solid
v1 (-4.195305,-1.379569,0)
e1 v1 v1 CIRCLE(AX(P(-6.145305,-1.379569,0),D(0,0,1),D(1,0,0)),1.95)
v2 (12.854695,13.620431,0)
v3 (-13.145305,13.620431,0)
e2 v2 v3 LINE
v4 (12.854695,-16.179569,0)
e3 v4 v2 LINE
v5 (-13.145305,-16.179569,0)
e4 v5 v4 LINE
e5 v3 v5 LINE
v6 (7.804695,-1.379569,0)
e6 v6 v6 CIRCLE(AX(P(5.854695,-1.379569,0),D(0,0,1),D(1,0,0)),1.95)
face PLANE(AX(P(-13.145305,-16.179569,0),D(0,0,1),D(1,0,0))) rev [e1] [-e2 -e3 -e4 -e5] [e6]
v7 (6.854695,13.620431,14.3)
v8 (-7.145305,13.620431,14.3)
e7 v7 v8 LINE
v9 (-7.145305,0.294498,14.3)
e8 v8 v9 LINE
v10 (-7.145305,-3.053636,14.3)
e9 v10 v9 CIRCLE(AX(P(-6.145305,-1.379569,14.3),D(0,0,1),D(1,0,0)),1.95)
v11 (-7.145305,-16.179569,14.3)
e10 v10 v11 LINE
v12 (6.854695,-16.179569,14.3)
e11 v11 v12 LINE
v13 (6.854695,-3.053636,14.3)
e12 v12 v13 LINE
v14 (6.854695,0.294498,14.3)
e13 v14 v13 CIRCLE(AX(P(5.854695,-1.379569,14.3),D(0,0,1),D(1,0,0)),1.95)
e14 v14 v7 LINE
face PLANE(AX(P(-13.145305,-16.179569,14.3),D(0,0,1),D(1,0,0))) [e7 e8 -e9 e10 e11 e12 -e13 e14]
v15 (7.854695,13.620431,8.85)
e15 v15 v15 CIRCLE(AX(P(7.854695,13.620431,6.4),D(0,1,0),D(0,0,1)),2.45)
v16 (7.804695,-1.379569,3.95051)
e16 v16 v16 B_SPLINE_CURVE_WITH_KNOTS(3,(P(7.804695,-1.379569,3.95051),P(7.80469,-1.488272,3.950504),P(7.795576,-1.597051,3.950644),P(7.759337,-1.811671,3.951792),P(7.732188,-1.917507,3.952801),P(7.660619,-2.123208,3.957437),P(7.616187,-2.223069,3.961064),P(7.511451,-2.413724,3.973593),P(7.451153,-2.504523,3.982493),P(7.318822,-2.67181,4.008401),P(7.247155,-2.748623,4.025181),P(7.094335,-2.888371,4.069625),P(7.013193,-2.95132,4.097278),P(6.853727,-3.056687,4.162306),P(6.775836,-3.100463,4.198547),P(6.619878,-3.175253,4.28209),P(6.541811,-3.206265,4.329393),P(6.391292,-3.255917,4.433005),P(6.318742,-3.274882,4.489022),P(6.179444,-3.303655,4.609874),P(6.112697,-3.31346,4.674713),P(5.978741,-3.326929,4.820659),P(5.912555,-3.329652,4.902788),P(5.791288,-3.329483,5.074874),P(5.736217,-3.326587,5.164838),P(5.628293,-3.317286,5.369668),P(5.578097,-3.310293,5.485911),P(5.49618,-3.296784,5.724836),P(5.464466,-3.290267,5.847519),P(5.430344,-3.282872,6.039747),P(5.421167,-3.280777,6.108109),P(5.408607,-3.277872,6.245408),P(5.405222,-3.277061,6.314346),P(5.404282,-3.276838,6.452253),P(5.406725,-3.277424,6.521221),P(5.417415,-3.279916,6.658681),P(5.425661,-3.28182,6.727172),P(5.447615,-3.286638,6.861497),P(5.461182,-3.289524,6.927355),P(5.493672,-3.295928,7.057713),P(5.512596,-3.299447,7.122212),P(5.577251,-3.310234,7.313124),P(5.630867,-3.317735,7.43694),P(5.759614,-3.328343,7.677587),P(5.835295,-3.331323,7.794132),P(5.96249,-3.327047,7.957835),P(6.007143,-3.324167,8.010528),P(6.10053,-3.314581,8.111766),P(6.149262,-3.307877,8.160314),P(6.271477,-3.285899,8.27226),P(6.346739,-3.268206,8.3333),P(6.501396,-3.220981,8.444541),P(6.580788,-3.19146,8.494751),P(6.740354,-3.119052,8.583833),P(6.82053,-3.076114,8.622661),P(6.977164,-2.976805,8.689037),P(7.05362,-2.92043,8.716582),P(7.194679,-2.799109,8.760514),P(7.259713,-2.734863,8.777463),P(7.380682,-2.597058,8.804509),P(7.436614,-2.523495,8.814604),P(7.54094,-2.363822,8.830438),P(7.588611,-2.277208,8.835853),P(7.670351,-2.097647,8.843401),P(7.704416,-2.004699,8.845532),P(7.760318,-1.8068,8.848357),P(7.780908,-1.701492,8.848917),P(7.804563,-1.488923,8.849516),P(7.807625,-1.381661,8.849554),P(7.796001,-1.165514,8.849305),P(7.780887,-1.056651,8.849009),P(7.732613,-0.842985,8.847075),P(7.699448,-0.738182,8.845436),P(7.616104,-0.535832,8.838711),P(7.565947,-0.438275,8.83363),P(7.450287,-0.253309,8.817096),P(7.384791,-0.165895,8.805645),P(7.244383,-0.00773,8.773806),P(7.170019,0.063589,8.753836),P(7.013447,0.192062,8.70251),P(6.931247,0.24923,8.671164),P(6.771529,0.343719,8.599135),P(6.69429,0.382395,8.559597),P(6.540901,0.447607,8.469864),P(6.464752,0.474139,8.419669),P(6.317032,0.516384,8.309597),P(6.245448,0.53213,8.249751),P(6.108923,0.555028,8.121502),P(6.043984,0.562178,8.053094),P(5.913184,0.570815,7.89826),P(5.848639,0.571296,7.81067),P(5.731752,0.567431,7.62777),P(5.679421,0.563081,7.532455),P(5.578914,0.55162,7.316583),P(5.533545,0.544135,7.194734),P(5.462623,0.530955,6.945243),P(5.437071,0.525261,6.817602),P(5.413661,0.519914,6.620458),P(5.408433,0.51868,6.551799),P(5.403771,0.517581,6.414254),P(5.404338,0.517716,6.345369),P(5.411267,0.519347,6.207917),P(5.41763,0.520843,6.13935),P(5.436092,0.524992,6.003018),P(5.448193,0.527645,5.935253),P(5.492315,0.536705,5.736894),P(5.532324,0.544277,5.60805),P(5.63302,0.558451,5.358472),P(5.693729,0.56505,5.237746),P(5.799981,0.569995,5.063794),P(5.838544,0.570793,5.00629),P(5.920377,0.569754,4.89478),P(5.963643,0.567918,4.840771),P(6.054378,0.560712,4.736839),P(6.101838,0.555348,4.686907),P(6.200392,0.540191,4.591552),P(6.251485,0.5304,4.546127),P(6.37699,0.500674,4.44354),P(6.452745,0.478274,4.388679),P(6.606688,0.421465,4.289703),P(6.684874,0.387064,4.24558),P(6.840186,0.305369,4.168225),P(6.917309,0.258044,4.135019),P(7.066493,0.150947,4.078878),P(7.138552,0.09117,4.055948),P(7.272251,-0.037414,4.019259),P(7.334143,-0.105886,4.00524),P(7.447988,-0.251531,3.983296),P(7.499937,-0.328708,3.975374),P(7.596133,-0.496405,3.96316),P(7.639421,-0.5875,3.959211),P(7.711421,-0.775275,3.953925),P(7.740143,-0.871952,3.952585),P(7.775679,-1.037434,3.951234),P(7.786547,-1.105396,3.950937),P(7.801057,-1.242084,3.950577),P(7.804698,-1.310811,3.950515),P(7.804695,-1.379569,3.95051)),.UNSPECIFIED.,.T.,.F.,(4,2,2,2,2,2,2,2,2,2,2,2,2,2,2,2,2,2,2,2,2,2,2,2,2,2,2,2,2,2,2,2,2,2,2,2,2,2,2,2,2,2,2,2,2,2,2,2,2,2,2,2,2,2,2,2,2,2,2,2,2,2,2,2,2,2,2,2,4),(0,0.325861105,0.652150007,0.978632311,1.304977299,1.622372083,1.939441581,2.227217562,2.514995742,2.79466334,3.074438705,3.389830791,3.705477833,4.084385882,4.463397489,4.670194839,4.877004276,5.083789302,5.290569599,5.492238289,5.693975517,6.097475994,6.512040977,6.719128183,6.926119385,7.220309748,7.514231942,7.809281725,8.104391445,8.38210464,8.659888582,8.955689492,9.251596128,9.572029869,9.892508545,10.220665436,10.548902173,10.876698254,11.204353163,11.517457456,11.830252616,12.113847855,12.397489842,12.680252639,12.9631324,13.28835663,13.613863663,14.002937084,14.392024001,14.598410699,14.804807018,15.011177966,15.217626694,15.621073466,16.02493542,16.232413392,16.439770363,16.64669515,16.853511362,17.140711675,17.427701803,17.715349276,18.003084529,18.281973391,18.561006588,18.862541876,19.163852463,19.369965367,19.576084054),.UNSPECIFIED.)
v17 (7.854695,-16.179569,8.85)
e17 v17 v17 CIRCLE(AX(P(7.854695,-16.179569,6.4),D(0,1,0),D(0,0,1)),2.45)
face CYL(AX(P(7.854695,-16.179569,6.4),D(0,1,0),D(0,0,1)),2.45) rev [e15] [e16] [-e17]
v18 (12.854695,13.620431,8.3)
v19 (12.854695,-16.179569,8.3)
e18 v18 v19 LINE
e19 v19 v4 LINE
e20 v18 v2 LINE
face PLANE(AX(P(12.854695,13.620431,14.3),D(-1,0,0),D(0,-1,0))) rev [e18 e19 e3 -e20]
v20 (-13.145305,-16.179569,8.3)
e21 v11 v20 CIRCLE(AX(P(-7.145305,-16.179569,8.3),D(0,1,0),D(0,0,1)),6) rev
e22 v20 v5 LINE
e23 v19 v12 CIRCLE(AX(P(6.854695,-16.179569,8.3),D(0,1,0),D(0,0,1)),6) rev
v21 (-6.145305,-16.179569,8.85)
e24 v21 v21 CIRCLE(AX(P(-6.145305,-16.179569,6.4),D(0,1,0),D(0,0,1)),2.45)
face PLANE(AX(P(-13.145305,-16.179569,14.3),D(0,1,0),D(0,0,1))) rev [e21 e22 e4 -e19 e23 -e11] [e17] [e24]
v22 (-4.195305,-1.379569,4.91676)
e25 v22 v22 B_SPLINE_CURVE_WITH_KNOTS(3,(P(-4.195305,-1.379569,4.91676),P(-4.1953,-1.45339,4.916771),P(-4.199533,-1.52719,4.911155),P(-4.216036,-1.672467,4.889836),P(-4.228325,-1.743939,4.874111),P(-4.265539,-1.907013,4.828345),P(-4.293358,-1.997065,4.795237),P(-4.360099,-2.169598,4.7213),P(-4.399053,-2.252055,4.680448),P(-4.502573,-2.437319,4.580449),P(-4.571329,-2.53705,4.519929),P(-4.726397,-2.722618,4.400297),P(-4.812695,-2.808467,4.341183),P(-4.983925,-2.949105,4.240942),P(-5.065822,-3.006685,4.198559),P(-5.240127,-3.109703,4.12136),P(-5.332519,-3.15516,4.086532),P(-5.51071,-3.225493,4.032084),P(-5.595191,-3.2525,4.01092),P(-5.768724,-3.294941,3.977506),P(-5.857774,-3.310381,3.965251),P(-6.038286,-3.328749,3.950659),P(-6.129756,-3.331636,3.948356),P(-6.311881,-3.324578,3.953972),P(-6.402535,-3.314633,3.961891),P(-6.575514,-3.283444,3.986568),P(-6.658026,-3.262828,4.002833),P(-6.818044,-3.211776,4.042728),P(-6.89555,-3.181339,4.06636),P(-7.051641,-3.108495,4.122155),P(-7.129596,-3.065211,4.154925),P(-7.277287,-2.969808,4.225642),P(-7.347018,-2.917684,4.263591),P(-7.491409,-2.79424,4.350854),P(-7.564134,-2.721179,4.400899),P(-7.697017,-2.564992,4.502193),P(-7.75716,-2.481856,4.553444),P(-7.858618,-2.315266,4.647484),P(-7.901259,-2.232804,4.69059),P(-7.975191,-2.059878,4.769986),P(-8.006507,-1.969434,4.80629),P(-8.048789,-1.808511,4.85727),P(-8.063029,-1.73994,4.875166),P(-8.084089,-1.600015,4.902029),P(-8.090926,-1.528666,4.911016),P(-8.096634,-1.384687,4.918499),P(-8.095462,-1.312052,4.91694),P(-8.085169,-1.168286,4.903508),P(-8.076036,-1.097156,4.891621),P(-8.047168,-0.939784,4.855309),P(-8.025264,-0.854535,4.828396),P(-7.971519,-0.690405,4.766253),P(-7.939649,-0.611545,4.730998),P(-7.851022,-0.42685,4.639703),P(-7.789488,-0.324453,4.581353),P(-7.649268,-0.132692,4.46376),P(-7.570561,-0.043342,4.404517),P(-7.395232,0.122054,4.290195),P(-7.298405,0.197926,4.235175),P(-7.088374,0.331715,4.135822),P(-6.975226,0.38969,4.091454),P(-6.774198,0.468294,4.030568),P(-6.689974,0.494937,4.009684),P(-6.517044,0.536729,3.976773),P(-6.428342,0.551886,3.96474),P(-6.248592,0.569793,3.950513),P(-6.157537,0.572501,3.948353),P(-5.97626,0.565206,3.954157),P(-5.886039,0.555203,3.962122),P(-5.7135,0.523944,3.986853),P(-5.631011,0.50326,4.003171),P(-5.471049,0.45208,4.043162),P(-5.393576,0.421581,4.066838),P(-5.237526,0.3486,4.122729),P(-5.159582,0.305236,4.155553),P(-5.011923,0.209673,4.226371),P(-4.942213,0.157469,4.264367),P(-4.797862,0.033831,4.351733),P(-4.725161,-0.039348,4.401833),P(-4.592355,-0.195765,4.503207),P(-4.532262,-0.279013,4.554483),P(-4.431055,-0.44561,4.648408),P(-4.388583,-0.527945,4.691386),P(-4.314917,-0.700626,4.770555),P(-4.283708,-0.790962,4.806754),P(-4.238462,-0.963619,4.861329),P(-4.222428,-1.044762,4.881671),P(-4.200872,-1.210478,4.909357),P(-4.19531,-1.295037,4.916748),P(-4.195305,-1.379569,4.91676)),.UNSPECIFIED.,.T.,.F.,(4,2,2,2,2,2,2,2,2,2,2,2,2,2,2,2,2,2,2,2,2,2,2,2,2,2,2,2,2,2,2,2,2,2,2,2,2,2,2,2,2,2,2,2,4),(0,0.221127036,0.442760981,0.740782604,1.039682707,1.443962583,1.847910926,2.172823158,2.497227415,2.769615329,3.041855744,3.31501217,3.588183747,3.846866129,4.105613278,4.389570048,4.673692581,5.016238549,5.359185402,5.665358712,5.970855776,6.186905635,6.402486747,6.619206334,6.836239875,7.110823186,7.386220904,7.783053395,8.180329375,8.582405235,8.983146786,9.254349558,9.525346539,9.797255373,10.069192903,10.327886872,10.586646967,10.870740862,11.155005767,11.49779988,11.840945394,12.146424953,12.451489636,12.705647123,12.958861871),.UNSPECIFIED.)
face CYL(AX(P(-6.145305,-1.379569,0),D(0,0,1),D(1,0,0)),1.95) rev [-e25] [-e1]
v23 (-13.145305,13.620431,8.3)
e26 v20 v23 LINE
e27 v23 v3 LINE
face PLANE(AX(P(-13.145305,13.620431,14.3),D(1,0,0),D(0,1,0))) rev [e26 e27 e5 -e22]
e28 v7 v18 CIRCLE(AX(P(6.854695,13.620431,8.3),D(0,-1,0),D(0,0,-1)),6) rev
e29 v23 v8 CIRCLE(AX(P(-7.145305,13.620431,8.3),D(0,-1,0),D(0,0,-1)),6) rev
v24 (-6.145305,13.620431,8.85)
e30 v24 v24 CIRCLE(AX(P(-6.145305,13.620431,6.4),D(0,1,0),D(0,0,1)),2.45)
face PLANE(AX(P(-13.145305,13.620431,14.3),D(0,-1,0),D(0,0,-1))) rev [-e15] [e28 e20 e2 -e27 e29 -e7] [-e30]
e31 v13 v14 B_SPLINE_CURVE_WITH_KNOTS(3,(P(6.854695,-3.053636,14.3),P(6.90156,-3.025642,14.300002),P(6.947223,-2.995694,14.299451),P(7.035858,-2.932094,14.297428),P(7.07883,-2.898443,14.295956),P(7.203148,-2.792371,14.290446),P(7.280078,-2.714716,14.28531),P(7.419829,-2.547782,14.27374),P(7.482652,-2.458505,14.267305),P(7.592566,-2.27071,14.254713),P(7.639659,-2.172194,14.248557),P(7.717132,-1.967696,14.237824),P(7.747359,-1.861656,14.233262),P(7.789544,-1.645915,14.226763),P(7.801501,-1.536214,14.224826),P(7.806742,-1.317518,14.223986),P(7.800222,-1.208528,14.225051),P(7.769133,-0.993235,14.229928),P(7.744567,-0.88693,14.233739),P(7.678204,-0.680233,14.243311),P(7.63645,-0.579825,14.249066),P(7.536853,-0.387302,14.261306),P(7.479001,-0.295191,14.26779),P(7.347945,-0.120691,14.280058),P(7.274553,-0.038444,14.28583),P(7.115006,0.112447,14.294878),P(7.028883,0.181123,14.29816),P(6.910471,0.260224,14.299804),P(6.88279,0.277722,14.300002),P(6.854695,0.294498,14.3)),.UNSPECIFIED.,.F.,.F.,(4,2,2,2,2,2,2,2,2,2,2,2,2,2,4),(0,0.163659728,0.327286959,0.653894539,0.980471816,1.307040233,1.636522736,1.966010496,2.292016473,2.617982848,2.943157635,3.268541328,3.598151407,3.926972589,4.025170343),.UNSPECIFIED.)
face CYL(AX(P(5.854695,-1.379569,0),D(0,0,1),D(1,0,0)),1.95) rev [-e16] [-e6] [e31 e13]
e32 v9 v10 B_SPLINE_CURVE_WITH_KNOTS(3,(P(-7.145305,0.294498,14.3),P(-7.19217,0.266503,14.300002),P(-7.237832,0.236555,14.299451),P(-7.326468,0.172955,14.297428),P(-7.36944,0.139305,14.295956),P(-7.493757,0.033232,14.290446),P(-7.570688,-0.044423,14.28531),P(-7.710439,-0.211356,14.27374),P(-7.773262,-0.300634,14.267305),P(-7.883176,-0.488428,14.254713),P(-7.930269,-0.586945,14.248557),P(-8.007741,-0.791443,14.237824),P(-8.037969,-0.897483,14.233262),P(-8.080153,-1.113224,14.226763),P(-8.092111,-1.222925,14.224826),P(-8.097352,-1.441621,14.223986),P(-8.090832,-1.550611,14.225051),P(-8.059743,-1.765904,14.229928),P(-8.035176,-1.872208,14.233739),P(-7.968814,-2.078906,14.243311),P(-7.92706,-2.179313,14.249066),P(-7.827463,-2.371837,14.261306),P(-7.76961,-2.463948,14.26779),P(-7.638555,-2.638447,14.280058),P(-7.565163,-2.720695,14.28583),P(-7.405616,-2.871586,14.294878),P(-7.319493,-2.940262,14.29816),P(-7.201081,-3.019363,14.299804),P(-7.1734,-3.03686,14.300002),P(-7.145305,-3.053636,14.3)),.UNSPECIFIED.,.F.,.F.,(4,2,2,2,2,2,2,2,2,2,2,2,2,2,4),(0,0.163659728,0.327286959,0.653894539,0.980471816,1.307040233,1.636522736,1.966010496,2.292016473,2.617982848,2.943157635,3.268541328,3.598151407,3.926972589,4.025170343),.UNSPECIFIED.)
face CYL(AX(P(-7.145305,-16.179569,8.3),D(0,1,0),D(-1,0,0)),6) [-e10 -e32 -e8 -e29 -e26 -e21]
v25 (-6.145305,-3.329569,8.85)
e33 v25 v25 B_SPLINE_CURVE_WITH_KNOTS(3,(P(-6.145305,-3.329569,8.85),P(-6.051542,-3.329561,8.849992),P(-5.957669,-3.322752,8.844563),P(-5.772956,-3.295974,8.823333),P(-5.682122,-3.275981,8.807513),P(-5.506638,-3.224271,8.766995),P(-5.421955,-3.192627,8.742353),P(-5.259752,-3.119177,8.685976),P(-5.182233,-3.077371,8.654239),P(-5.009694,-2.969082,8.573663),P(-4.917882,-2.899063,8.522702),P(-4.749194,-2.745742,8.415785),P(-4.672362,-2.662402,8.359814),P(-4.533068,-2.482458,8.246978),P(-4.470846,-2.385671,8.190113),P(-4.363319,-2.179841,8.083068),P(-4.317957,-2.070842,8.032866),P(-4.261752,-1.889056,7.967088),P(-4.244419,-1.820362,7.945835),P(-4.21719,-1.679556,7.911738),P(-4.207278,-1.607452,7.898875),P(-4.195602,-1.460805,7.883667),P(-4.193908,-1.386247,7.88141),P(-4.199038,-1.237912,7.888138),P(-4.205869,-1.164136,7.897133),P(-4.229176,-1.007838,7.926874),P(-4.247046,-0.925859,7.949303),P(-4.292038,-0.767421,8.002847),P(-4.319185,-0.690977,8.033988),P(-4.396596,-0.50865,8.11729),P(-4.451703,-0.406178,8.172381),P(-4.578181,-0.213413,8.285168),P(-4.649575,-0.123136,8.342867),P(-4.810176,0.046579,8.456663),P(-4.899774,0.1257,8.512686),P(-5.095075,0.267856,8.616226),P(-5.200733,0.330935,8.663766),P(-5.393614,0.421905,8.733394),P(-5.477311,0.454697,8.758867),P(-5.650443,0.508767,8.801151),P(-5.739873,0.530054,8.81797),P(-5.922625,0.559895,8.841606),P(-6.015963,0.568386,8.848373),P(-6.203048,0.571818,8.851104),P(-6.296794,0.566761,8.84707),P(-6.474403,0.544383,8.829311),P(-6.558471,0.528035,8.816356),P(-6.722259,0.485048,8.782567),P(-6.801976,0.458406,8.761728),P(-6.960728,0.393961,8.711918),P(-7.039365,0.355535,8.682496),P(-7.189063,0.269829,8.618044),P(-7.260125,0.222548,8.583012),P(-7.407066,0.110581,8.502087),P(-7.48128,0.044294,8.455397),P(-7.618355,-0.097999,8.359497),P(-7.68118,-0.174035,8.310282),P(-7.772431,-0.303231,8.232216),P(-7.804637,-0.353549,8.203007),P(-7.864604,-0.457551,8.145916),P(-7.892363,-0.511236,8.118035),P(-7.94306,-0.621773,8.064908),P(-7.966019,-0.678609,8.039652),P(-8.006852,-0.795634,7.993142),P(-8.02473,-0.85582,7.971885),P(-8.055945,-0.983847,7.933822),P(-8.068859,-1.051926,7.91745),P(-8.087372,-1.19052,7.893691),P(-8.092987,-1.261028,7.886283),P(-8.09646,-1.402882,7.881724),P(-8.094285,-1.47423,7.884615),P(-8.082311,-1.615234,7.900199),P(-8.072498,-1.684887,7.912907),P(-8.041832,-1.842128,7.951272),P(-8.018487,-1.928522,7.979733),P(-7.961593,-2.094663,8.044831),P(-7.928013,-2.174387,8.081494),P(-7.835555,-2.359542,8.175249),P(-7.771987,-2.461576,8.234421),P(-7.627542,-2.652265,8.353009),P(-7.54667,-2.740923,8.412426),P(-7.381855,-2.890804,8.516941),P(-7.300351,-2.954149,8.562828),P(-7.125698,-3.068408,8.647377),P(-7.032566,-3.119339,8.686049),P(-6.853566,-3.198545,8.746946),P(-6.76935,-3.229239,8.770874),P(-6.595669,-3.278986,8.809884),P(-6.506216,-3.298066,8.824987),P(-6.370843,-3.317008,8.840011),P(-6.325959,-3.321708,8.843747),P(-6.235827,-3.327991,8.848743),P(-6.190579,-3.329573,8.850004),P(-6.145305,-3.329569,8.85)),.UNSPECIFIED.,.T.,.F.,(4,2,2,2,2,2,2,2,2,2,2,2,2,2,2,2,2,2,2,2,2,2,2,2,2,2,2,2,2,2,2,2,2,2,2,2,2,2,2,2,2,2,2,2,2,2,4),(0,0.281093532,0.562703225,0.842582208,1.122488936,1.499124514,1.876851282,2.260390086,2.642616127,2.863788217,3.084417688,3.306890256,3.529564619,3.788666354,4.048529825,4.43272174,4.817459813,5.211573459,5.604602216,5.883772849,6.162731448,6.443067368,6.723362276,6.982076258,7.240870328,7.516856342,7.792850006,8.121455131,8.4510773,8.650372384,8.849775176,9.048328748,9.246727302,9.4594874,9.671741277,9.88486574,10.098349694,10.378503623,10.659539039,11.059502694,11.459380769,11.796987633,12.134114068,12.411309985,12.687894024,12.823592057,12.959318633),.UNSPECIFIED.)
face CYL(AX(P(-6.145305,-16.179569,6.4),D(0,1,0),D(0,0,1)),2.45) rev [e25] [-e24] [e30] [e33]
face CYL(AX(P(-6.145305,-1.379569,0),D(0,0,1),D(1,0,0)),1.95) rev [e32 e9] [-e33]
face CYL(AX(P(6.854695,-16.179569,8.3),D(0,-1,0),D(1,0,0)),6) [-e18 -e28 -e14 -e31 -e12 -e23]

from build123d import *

# Parameters (mm, degrees)
SKETCH1_W          = 26
SKETCH1_H          = 29.8
EXTRUDE1_DEPTH     = 14.3
FILLET1_R          = 6
SKETCH3_R          = 2.45
CUT_EXTRUDE1_DEPTH = 30.8
SKETCH2_R          = 1.95
EXTRUDE2_DEPTH     = 15.3


with BuildPart() as part:
    # Sketch1 → Extrude1 (new body)
    with BuildSketch(Plane.XY):
        with Locations((-0.145304935, -1.279569379)):
            Rectangle(SKETCH1_W, SKETCH1_H)
    extrude(amount=EXTRUDE1_DEPTH)

    # Fillet1
    fillet1_edges = [part.edges().sort_by_distance(p)[0] for p in [
        (12.854695065, -1.279569379, 14.3),
        (-13.145304935, -1.279569379, 14.3),
    ]]
    fillet(fillet1_edges, radius=FILLET1_R)

    # Sketch3 → Cut-Extrude1 (cut, through all)
    with BuildSketch(Plane(origin=(0, 13.620430621, 0), x_dir=(-1, 0, 0), z_dir=(0, 1, 0))):
        with Locations((-7.854695065, 6.4000002)):
            Circle(SKETCH3_R)
        with Locations((6.145304935, 6.4)):
            Circle(SKETCH3_R)
    extrude(amount=-CUT_EXTRUDE1_DEPTH, mode=Mode.SUBTRACT)

    # Sketch2 → Extrude2 (cut, through all)
    with BuildSketch(Plane.XY.offset(14.3)):
        with Locations((-6.145304935, -1.379569379)):
            Circle(SKETCH2_R)
        with Locations((5.854695065, -1.379569379)):
            Circle(SKETCH2_R)
    extrude(amount=-EXTRUDE2_DEPTH, mode=Mode.SUBTRACT)


solid = part.part
